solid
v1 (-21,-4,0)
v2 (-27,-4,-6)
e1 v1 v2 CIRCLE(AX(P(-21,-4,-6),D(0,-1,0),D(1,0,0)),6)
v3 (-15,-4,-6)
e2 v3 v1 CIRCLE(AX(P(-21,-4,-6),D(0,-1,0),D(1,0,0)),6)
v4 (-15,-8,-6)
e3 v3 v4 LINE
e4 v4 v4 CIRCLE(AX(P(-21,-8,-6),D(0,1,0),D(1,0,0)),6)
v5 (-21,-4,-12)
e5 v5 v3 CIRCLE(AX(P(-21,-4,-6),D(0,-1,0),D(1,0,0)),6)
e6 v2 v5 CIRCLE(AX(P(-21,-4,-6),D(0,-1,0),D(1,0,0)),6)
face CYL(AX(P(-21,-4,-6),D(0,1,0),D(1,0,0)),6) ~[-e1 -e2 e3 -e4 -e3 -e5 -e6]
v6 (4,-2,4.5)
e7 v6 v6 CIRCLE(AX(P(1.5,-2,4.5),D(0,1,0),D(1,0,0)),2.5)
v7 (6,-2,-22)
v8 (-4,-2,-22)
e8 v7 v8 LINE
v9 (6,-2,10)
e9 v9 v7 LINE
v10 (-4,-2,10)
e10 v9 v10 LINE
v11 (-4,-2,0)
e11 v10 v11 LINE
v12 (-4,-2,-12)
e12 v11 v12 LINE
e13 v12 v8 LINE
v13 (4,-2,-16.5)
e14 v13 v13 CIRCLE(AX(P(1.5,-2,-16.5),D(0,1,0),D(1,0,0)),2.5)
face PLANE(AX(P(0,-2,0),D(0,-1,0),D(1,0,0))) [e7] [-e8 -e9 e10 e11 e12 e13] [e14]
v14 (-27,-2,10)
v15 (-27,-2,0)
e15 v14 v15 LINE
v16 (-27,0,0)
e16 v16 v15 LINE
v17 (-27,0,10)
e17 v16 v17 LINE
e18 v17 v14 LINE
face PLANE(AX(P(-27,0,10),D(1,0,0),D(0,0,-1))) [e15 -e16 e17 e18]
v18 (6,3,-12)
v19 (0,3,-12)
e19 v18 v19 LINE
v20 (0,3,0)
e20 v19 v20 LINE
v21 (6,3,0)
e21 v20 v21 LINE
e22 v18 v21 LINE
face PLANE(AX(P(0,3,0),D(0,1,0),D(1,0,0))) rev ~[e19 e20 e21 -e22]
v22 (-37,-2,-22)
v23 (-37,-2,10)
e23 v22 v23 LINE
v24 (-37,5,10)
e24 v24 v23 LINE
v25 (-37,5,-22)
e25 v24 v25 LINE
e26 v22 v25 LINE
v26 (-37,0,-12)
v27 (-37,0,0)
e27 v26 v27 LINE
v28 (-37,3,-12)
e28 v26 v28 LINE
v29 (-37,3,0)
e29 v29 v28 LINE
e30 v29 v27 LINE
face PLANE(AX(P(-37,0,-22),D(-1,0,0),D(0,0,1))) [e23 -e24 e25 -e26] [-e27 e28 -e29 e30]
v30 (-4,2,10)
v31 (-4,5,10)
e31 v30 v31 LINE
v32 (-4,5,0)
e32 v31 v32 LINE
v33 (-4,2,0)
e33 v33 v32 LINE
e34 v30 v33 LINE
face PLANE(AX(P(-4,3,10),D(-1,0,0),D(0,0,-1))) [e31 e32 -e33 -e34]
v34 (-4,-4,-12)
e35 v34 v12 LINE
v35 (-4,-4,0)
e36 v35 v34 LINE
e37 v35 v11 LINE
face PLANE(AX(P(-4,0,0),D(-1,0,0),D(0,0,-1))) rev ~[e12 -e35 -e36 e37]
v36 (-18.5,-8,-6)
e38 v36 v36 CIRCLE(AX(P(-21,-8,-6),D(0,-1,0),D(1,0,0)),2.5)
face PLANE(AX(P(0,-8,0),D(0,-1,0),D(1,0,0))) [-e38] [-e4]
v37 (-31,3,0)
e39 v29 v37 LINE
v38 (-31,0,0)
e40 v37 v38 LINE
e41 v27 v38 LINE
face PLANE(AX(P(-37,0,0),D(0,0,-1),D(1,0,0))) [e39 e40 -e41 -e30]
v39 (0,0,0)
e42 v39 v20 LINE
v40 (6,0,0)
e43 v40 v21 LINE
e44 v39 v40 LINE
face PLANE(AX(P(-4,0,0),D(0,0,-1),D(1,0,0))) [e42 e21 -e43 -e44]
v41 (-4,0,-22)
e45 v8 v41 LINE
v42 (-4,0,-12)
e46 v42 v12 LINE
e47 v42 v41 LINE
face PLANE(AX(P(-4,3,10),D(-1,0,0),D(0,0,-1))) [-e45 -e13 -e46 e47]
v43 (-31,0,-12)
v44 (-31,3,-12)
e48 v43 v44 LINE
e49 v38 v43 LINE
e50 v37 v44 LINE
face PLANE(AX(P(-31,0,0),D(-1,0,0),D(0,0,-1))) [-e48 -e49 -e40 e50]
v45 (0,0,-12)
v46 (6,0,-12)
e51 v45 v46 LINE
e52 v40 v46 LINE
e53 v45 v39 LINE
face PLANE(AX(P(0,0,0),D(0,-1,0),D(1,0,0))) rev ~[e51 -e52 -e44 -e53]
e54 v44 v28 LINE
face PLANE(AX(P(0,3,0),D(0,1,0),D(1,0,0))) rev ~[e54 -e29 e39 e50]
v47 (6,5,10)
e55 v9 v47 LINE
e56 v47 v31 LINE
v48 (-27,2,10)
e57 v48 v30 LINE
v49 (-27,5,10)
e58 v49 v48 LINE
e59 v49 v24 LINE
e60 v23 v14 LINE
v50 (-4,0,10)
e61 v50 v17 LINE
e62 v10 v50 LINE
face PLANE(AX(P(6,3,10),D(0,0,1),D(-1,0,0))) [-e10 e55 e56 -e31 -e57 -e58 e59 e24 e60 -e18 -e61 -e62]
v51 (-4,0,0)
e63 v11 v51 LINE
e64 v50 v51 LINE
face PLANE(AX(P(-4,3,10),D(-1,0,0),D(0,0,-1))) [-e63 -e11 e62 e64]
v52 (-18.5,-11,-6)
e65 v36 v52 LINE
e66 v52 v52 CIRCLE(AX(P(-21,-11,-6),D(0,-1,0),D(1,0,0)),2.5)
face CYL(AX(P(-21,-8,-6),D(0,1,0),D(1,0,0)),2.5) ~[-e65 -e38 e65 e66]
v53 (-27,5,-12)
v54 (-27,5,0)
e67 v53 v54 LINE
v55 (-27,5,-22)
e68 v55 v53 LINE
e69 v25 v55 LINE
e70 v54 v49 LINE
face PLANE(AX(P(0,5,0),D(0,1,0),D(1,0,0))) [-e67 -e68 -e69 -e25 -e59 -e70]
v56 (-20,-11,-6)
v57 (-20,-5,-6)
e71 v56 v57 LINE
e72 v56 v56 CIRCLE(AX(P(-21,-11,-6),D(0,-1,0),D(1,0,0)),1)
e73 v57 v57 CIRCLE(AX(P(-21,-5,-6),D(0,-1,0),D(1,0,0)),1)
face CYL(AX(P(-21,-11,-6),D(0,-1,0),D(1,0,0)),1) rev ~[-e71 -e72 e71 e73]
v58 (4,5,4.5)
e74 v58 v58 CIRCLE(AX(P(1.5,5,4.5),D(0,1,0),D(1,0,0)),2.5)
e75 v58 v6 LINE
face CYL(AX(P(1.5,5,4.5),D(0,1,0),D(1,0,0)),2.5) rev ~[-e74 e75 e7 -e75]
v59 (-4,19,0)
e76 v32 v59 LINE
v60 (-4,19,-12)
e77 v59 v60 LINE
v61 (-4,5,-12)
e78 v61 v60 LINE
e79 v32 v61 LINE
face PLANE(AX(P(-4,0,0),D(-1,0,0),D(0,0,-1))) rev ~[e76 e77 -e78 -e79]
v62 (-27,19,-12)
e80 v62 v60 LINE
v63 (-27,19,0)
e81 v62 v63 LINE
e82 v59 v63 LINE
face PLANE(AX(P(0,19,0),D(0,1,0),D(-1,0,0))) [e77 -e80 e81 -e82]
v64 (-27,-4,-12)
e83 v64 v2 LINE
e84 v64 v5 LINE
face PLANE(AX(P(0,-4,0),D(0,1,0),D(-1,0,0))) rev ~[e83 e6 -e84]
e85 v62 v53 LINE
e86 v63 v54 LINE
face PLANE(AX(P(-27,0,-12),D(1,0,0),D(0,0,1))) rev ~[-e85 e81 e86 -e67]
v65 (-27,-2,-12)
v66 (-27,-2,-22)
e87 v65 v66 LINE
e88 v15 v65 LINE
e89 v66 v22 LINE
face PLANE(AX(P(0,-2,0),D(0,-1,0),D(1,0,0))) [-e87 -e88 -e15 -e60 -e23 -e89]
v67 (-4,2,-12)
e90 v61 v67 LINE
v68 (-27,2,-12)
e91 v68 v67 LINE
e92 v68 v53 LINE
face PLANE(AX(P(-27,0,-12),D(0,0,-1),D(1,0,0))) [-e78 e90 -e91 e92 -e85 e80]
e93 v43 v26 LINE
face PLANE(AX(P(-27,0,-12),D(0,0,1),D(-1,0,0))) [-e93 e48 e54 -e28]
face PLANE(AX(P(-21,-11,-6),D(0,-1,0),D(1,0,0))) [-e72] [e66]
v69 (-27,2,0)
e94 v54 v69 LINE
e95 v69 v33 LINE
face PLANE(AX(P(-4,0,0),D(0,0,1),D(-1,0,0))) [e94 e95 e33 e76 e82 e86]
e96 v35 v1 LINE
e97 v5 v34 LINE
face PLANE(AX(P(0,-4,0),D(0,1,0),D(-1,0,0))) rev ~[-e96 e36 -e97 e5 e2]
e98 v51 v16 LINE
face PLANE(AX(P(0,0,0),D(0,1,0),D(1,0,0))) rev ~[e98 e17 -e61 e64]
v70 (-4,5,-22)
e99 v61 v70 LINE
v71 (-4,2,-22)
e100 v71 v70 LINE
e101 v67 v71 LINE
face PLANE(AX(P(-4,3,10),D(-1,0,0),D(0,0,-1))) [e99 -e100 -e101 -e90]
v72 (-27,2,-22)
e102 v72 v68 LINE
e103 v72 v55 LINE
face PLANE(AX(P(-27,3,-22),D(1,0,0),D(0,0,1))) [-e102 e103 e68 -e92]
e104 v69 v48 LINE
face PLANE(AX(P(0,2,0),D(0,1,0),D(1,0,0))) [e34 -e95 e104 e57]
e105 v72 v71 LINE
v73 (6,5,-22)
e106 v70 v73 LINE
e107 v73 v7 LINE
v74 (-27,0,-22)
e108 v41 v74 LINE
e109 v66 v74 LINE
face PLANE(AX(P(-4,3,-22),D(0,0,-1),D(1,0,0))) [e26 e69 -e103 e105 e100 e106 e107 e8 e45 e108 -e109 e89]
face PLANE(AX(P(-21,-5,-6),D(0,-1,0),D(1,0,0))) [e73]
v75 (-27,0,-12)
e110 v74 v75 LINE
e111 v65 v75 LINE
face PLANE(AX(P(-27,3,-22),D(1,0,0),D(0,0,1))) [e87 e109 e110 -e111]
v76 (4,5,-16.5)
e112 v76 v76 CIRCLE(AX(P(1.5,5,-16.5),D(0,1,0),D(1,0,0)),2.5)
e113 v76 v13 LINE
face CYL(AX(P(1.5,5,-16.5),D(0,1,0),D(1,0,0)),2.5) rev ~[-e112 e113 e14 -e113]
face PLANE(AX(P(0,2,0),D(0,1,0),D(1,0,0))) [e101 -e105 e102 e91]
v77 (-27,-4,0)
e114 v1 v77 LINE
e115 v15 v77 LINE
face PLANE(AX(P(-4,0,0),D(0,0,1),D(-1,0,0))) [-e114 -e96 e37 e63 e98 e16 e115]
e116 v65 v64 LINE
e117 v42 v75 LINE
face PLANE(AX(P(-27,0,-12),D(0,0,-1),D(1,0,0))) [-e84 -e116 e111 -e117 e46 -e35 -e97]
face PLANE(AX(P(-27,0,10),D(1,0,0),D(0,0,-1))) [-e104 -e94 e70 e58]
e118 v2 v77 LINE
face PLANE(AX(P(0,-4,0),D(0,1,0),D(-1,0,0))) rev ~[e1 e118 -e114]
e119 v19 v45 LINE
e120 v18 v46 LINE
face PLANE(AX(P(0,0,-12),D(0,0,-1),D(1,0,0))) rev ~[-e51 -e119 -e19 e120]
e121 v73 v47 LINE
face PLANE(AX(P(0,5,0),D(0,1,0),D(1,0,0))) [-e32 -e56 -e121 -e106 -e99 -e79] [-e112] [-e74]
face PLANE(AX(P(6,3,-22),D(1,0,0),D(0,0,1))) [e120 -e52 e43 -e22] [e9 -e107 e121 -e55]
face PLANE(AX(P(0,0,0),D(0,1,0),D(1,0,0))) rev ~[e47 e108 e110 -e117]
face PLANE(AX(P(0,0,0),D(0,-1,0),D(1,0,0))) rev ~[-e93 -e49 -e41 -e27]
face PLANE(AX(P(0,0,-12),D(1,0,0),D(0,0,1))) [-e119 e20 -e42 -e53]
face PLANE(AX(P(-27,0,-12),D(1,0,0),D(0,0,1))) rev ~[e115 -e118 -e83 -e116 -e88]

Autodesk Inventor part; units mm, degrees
ref_plane "YZ Plane" through (0, 0, 0) normal (1, 0, 0) x (0, 1, 0)
ref_plane "XZ Plane" through (0, 0, 0) normal (0, 1, 0) x (-1, 0, 0)
ref_plane "XY Plane" through (0, 0, 0) normal (0, 0, 1) x (1, 0, 0)
sketch "Sketch1" plane through (0, 0, 0) normal (0, 1, 0) x (-1, 0, 0)
  line L0 (0, 0) -> (31, 0)
  line L1 (31, 0) -> (31, -12)
  line L2 (31, -12) -> (0, -12)
  line L3 (0, -12) -> (0, 0)
  line L4 (4, -12) -> (27, -12)
  line L5 (27, -12) -> (27, 0)
  line L6 (27, 0) -> (4, 0)
  line L7 (4, 0) -> (4, -12)
  point P0 (27, 0)
  point P1 (4, 0)
  dimension "d230" = 31
  dimension "d231" = 12
  dimension "d232" = 23
  dimension "d234" = 4
extrude "Extrusion1" add sketch "Sketch1" along normal blind 3 contours L0 L7 L2 L3 | L0 L1 L2 L5
extrude "Extrusion2" add sketch "Sketch1" along normal blind 19 and the other way blind 4 contours L0 L5 L2 L7
sketch "Sketch2" plane through (0, 3, 0) normal (0, 1, 0) x (1, 0, 0)
  line L0 (-27, -10) -> (-37, -10)
  line L1 (-37, -10) -> (-37, 22)
  line L2 (-37, 22) -> (-27, 22)
  line L3 (-27, 22) -> (-27, -10)
  line L4 (-27, 12) -> (-27, 0) projected
  line L5 (-4, 22) -> (6, 22)
  line L6 (6, 22) -> (6, -10)
  line L7 (6, -10) -> (-4, -10)
  line L8 (-4, -10) -> (-4, 22)
  line L9 (-4, 0) -> (-4, 12) projected
  point P0 (0, 0)
  point P1 (-27, 6)
  point P2 (-27, 6)
  point P3 (-27, 6)
  point P4 (-4, 6)
  point P5 (-4, 6)
  point P6 (-4, 6)
  dimension "d241" = 10
  dimension "d242" = 32
  dimension "d243" = 10
  dimension "d244" = 32
extrude "Extrusion3" add sketch "Sketch2" along normal blind 2
sketch "Sketch3" plane through (0, 0, 0) normal (0, -1, 0) x (1, 0, 0)
  line L0 (-37, -22) -> (-37, 10) projected
  line L1 (-27, -12) -> (-27, -22) projected
  line L2 (-37, 10) -> (-27, 10)
  line L3 (-27, 10) -> (-27, -22)
  line L4 (-27, -22) -> (-37, -22)
  line L5 (-37, -22) -> (-37, 10)
  line L6 (6, -22) -> (-4, -22) projected
  line L7 (6, 10) -> (6, -22) projected
  line L8 (-4, -22) -> (6, -22)
  line L9 (6, -22) -> (6, 10)
  line L10 (6, 10) -> (-4, 10)
  line L11 (-4, 10) -> (-4, -22)
  point P0 (0, 0)
extrude "Extrusion4" add sketch "Sketch3" along normal blind 2
sketch "Sketch4" plane through (0, 0, 0) normal (0, 1, 0) x (1, 0, 0)
  line L0 (-4, 22) -> (-4, 12) projected
  line L1 (6, -10) -> (-4, -10)
  line L2 (-4, 22) -> (6, 22)
  line L3 (-27, 22) -> (-37, 22) projected
  line L4 (-27, 22) -> (-37, 22)
  line L5 (-37, 22) -> (-37, -10)
  line L6 (-37, -10) -> (-27, -10)
  line L7 (-4, 0) -> (-27, 0) projected
  line L8 (6, -10) -> (-4, -10)
  line L9 (-4, -10) -> (-4, 0)
  line L10 (-4, 0) -> (6, 0)
  line L11 (6, 0) -> (6, -10)
  line L12 (-27, -10) -> (-37, -10)
  line L13 (-37, -10) -> (-37, 0)
  line L14 (-37, 0) -> (-27, 0)
  line L15 (-27, 0) -> (-27, -10)
  line L16 (-27, 12) -> (-37, 12)
  line L17 (-37, 12) -> (-37, 22)
  line L18 (-37, 22) -> (-27, 22)
  line L19 (-27, 22) -> (-27, 12)
  line L20 (0, 12) -> (-4, 12) projected
  line L21 (-4, 22) -> (6, 22) projected
  line L22 (-4, 12) -> (6, 12)
  line L23 (6, 12) -> (6, 22)
  line L24 (6, 22) -> (-4, 22)
  line L25 (-4, 22) -> (-4, 12)
  line L26 (-37, 22) -> (-37, -10) projected
  line L27 (-37, 22) -> (6, 22)
  line L28 (6, 22) -> (6, 12)
  line L29 (6, 12) -> (-37, 12)
  line L30 (-37, 12) -> (-37, 22)
  line L31 (6, -10) -> (-37, -10)
  line L32 (-37, -10) -> (-37, 0)
  line L33 (-37, 0) -> (6, 0)
  line L34 (6, 0) -> (6, -10)
  point P0 (0, 0)
extrude "Extrusion5" add sketch "Sketch4" along normal blind 3 contours L2 L23 L22 L20 L0 | L14 L15 L6 L5 | L19 L16 L5 L3 | L10 L11 L1 L9
extrude "Extrusion6" add sketch "Sketch4" along normal blind 2
sketch "Sketch5" plane through (0, -4, 0) normal (0, -1, 0) x (1, 0, 0)
  circle A0 centre (-21, -6) radius 6
  line L0 (-4, 0) -> (-27, 0) projected
  line L1 (-27, 0) -> (-27, -12) projected
  point P0 (0, 0)
  dimension "d255" = 12
  dimension "d256" = 6
  dimension "d257" = 6
extrude "Extrusion7" add sketch "Sketch5" along normal blind 4 contours A0
sketch "Sketch6" plane through (-21, -8, -6) normal (0, -1, 0) x (1, 0, 0)
  circle A0 centre (0, 0) radius 2.5
  circle A1 centre (0, 0) radius 6 projected
  point P0 (21, 6)
  dimension "d260" = 5
  dimension "d261" = 3.5
extrude "Extrusion8" add sketch "Sketch6" along normal blind 3 contours A0
sketch "Sketch7" plane through (-21, -11, -6) normal (0, -1, 0) x (1, 0, 0)
  line L0 (-6, -6) -> (0, -6) projected
  line L1 (-6, 6) -> (-6, 0) projected
  circle A0 centre (0, 0) radius 1
  point P0 (21, 6)
  dimension "d266" = 2
  dimension "d267" = 6
  dimension "d268" = 6
extrude "Extrusion9" cut sketch "Sketch7" against normal blind 6
sketch "Sketch22" plane through (0, 5, 0) normal (0, 1, 0) x (1, 0, 0)
  circle A0 centre (1.5, -4.5) radius 2.5
  circle A1 centre (1.5, 16.5) radius 2.5
  line L0 (-4, 22) -> (-4, 12) projected
  line L1 (-4, 0) -> (-4, 12) projected
  line L2 (-27, 0) -> (-27, 6) projected
  line L3 (-4, 6) -> (-27, 6)
  point P0 (0, 0)
  dimension "d271" = 5
  dimension "d272" = 5
  dimension "d273" = 21
  dimension "d274" = 5.5
extrude "Extrusion26" cut sketch "Sketch22" against normal blind 8
properties part number "Langbektang houder"
